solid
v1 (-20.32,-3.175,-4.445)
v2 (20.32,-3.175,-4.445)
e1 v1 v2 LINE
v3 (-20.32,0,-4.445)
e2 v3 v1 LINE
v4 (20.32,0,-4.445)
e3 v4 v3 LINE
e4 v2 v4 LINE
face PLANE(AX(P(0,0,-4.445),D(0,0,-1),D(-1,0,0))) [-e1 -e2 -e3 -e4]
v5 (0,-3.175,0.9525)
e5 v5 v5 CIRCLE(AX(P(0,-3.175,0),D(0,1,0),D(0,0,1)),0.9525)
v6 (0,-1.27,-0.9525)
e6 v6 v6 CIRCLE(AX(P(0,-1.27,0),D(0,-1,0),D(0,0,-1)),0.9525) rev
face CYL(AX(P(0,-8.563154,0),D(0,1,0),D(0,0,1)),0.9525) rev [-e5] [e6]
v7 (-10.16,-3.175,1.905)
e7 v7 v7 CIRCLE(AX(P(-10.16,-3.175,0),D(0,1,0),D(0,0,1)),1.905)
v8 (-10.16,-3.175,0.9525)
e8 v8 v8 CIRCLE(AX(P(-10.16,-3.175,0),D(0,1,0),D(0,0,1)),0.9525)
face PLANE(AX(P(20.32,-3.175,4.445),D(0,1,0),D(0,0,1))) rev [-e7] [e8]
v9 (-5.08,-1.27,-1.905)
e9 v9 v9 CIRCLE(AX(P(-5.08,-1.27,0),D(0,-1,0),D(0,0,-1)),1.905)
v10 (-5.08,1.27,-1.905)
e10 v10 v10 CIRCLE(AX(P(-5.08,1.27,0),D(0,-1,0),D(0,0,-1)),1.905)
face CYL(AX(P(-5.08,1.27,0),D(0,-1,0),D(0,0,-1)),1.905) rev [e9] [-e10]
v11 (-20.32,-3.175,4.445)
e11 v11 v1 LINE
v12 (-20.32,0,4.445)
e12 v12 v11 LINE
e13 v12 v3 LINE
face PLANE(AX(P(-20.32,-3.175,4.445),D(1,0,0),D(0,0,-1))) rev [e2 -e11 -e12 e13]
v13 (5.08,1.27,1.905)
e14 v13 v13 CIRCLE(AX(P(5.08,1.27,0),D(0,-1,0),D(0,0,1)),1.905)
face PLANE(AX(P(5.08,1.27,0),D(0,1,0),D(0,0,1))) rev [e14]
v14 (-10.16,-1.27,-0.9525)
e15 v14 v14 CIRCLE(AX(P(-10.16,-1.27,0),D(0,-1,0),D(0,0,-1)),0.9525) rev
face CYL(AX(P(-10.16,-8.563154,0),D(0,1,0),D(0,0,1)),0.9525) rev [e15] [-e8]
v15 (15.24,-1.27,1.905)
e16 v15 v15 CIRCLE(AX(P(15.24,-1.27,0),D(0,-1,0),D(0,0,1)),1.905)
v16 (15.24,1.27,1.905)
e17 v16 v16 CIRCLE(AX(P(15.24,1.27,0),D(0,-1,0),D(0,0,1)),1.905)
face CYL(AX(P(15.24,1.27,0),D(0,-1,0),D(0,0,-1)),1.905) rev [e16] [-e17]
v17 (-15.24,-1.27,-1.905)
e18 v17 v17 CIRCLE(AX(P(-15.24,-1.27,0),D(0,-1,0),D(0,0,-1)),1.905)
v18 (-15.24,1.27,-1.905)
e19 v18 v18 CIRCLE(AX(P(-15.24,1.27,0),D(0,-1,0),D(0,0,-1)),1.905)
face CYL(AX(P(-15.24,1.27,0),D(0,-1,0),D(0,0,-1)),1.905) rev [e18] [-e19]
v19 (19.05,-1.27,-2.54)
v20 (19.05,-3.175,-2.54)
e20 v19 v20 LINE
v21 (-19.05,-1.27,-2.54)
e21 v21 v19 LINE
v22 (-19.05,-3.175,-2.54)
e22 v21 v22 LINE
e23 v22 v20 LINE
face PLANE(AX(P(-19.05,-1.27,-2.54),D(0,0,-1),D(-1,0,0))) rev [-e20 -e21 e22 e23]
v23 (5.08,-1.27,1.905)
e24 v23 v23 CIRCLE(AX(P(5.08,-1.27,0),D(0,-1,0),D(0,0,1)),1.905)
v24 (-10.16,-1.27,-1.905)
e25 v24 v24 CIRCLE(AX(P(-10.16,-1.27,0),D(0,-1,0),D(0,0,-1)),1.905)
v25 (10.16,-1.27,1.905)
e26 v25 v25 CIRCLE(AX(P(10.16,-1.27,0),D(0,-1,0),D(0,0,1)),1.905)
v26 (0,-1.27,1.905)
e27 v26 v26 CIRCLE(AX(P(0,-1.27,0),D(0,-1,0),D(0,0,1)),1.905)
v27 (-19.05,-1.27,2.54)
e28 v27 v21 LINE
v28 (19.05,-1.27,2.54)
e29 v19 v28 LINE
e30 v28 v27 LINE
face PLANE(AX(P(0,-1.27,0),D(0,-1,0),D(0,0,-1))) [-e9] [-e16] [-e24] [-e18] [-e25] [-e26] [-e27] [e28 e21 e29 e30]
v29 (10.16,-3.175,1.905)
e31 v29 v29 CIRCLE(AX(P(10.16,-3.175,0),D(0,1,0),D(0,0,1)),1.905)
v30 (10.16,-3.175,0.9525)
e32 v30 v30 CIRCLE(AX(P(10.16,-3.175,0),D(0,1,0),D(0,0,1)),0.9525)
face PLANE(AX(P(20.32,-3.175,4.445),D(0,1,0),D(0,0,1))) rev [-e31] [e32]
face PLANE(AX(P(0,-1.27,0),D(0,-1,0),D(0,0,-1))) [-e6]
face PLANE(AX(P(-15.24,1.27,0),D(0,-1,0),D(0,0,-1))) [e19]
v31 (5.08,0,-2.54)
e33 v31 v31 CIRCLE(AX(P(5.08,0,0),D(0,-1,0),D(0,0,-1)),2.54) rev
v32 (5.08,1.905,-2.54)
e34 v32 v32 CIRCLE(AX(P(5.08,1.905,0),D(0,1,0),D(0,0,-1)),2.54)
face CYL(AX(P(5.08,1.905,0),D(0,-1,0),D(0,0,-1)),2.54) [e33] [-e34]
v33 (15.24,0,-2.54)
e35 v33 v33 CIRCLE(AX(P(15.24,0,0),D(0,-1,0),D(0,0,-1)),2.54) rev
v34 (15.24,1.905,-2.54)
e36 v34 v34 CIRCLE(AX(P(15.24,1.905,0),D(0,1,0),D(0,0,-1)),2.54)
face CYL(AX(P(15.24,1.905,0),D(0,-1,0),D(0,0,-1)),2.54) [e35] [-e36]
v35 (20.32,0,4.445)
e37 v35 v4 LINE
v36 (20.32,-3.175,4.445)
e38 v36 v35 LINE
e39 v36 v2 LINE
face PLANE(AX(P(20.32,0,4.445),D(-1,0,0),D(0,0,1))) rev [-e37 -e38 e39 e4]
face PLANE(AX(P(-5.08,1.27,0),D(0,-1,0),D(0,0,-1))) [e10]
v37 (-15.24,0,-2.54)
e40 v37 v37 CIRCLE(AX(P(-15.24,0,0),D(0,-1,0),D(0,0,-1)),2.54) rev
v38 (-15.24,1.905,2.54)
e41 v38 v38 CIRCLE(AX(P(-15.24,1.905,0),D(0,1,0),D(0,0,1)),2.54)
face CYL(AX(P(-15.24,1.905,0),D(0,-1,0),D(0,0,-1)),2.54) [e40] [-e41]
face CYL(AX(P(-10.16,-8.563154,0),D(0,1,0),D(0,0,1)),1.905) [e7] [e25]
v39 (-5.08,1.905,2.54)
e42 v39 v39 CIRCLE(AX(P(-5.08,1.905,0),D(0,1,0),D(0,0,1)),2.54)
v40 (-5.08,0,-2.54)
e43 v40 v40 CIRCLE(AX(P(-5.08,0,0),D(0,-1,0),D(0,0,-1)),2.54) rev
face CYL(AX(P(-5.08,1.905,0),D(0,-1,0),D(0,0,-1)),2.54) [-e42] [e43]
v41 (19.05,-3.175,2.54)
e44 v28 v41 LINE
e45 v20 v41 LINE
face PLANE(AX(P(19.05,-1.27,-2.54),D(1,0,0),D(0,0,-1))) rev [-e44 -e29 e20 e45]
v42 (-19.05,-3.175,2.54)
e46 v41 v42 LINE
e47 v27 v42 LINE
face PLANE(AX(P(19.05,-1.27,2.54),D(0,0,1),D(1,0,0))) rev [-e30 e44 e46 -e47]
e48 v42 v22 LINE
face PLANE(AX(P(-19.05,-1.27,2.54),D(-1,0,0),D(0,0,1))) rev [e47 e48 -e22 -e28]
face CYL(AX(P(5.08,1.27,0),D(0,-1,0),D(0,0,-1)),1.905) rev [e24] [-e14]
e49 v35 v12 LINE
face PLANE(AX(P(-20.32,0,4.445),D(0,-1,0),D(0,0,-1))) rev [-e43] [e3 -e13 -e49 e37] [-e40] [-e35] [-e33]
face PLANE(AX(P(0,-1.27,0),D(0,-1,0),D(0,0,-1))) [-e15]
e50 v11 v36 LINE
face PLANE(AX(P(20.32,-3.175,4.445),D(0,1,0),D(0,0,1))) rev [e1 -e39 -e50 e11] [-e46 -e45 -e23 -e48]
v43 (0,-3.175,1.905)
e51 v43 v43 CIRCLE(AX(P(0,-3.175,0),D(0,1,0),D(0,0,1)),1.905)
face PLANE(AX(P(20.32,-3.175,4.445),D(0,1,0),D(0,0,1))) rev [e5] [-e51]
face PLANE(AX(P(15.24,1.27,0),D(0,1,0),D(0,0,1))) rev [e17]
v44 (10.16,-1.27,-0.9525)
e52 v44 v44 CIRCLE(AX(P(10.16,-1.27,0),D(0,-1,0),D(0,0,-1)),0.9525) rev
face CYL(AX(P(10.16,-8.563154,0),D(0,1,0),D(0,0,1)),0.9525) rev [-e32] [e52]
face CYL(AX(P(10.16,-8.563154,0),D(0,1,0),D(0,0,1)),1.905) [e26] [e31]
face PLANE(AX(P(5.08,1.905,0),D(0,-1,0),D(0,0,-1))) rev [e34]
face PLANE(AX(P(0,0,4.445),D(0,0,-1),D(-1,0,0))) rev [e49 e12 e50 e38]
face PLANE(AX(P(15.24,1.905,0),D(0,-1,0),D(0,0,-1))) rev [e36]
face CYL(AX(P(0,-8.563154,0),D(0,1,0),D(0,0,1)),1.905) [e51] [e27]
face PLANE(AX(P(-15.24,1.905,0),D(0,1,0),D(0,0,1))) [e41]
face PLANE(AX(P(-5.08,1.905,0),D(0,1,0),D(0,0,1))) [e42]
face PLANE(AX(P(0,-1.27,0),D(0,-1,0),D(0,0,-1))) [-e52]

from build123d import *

# Parameters (mm, degrees)
SKETCH1_W           = 40.64
SKETCH1_H           = 3.175
BOSS_EXTRUDE1_DEPTH = 4.445
SKETCH2_R           = 2.54
BOSS_EXTRUDE2_DEPTH = 1.905
SKETCH3_W           = 38.1
SKETCH3_H           = 5.08
CUT_EXTRUDE1_DEPTH  = 1.905
SKETCH4_R           = 1.905
CUT_EXTRUDE2_DEPTH  = 2.54
SKETCH5_R           = 1.905
SKETCH5_R_2         = 0.9525
BOSS_EXTRUDE3_DEPTH = 1.905


with BuildPart() as part:
    # Sketch1 → Boss-Extrude1 (new body, symmetric)
    with BuildSketch(Plane.XY):
        with Locations((0, -1.5875)):
            Rectangle(SKETCH1_W, SKETCH1_H)
    extrude(amount=BOSS_EXTRUDE1_DEPTH, both=True)

    # Sketch2 → Boss-Extrude2 (add)
    with BuildSketch(Plane(origin=(0, 0, 0), x_dir=(1, 0, 0), z_dir=(0, 1, 0))):
        with Locations((-15.24, 0)):
            Circle(SKETCH2_R)
        with Locations((-5.08, 0)):
            Circle(SKETCH2_R)
        with Locations((5.08, 0)):
            Circle(SKETCH2_R)
        with Locations((15.24, 0)):
            Circle(SKETCH2_R)
    extrude(amount=BOSS_EXTRUDE2_DEPTH)

    # Sketch3 → Cut-Extrude1 (cut)
    with BuildSketch(Plane.XZ.offset(3.175)):
        Rectangle(SKETCH3_W, SKETCH3_H)
    extrude(amount=-CUT_EXTRUDE1_DEPTH, mode=Mode.SUBTRACT)

    # Sketch4 → Cut-Extrude2 (cut)
    with BuildSketch(Plane.XZ.offset(1.27)):
        with Locations((-15.24, 0)):
            Circle(SKETCH4_R)
        with Locations((-5.08, 0)):
            Circle(SKETCH4_R)
        with Locations((5.08, 0)):
            Circle(SKETCH4_R)
        with Locations((15.24, 0)):
            Circle(SKETCH4_R)
    extrude(amount=-CUT_EXTRUDE2_DEPTH, mode=Mode.SUBTRACT)

    # Sketch5 → Boss-Extrude3 (add)
    with BuildSketch(Plane.XZ.offset(1.27)):
        with Locations((-10.16, 0)):
            Circle(SKETCH5_R)
        with Locations((-10.16, 0)):
            Circle(SKETCH5_R_2, mode=Mode.SUBTRACT)
        with Locations((10.16, 0)):
            Circle(SKETCH5_R)
        with Locations((10.16, 0)):
            Circle(SKETCH5_R_2, mode=Mode.SUBTRACT)
        Circle(SKETCH5_R)
        Circle(SKETCH5_R_2, mode=Mode.SUBTRACT)
    extrude(amount=BOSS_EXTRUDE3_DEPTH)


solid = part.part
